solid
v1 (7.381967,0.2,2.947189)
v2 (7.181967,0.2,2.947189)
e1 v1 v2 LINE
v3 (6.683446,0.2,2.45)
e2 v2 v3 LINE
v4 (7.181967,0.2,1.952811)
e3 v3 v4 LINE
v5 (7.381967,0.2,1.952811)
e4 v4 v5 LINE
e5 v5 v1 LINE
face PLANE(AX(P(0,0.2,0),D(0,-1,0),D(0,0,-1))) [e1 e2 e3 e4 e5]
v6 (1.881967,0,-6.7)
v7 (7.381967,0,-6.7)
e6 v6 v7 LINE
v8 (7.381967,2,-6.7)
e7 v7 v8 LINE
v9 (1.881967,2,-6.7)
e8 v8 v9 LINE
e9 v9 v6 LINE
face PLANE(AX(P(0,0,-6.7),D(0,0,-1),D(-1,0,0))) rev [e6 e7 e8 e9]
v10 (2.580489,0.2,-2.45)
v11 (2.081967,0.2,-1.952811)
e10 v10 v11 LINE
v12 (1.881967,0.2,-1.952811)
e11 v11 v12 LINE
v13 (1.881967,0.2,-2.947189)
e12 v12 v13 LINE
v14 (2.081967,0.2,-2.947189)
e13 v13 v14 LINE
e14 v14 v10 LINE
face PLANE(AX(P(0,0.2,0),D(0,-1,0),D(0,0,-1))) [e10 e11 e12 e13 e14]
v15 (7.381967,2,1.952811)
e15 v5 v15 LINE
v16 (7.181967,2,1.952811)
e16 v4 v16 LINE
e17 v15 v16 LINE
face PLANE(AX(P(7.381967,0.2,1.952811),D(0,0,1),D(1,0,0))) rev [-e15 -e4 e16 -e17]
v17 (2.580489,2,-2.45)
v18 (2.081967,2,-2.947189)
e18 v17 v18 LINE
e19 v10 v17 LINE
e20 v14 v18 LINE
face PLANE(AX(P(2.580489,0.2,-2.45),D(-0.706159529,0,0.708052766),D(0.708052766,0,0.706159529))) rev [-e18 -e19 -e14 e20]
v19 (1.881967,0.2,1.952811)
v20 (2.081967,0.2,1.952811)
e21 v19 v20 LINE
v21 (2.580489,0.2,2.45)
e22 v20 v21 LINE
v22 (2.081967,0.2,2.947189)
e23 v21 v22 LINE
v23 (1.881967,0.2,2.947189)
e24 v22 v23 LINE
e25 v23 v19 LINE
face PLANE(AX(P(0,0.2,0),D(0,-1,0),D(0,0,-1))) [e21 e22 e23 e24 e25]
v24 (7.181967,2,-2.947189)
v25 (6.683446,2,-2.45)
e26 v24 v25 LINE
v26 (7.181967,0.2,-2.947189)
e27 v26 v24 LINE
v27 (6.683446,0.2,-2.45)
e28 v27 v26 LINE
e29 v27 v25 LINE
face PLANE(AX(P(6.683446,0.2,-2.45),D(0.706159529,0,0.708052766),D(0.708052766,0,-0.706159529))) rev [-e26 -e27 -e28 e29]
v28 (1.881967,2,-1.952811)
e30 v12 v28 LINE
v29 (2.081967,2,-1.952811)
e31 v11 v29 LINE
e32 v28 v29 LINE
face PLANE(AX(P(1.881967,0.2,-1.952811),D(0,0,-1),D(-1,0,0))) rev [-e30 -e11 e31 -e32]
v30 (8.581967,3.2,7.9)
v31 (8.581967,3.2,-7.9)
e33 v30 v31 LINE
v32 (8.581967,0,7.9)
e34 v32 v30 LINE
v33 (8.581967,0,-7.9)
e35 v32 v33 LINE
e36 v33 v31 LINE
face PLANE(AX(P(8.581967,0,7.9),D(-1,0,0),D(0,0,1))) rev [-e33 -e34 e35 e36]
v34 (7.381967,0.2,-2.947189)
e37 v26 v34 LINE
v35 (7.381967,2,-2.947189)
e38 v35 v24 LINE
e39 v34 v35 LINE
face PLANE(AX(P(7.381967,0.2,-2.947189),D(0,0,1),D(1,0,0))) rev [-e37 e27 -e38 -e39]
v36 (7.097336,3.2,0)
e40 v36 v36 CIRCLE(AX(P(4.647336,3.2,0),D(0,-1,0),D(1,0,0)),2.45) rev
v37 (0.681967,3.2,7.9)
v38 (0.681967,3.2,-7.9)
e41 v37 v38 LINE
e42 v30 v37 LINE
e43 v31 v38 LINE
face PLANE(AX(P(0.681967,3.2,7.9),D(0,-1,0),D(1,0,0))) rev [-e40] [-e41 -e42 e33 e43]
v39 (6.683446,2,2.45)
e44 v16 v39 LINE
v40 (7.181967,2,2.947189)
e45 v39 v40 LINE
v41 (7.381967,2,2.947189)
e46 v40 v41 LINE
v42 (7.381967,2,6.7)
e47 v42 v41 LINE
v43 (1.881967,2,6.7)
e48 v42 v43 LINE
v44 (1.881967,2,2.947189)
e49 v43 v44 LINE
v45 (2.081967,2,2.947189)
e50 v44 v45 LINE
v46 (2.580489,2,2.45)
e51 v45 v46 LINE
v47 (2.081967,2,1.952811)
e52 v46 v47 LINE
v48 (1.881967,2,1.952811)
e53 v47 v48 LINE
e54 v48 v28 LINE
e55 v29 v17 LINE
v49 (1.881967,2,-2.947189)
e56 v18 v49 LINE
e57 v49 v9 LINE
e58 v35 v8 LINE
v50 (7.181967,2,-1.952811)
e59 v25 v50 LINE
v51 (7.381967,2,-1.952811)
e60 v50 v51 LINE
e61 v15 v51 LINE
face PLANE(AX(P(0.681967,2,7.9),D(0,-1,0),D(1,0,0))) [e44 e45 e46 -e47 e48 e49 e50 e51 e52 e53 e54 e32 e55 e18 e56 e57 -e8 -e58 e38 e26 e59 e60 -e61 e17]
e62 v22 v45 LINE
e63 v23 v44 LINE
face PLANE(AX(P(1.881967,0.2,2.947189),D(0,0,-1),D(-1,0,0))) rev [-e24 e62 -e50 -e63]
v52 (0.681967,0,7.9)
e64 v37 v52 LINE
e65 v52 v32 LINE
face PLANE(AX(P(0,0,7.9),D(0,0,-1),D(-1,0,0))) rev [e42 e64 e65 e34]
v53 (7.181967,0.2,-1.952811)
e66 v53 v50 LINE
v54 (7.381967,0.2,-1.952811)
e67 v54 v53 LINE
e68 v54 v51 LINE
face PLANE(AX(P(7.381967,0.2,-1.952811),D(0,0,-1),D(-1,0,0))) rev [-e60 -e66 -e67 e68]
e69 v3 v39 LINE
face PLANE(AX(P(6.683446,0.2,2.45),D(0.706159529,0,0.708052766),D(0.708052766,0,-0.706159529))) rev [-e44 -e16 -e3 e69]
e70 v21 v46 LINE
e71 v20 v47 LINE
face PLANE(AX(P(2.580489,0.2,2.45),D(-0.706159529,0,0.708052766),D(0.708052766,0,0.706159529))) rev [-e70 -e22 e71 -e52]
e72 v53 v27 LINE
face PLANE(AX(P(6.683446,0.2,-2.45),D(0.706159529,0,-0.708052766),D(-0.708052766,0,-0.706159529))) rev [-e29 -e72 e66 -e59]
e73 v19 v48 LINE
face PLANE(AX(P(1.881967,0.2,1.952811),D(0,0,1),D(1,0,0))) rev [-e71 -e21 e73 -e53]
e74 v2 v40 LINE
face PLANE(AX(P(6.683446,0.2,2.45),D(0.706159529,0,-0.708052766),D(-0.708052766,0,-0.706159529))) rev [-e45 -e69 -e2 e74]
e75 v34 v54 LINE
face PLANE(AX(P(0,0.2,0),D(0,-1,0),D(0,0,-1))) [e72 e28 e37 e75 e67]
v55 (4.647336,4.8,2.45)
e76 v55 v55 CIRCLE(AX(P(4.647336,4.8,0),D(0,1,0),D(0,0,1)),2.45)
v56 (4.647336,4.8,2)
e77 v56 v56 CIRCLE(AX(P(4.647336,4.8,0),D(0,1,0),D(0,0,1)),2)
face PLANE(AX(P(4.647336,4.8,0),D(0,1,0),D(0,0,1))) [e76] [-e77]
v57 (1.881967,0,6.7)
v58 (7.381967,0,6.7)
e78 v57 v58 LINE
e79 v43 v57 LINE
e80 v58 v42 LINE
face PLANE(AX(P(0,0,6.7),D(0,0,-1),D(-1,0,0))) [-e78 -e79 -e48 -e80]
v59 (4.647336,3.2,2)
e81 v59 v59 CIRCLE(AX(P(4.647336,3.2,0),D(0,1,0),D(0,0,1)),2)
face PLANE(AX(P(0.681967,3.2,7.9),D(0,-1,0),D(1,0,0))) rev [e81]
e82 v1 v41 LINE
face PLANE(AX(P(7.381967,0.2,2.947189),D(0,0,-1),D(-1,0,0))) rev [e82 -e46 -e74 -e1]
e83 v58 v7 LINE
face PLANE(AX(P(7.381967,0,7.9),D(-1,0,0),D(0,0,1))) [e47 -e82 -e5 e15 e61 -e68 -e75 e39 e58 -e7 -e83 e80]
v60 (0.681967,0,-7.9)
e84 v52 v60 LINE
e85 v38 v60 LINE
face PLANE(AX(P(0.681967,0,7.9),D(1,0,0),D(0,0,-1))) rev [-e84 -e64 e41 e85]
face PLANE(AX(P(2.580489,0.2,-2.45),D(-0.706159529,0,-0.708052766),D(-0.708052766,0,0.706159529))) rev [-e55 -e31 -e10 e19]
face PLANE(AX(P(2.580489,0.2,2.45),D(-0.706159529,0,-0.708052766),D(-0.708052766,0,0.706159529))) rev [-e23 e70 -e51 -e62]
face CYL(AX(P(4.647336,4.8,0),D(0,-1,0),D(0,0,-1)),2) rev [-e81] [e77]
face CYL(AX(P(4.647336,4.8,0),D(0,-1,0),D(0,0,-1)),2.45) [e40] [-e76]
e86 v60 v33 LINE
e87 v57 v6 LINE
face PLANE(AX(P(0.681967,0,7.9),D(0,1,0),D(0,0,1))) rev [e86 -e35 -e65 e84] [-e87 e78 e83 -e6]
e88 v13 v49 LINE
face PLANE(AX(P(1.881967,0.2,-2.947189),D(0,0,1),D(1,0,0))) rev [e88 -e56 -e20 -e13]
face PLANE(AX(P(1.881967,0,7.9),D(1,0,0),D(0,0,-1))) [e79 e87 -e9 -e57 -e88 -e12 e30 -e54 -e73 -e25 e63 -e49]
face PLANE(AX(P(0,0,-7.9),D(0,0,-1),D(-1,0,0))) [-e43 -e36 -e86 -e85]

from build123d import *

# Parameters (mm, degrees)
MAINBASESKETCH_W                 = 7.9
MAINBASESKETCH_H                 = 3.2
MAINBASEEXTRUDE_DEPTH            = 7.9
MAINBASESHELL_T                  = -1.2
SLIMYELLOWUNDEREXT_START         = -0.2
SLIMYELLOWUNDEREXT_DEPTH         = 2
SLIMYELLLOWUPPERCIRCLESKETCH_R   = 2.45
SLIMYELLLOWUPPERCIRCLESKETCH_R_2 = 2
SLIMYELLOWUPPERCIRCLE_DEPTH      = 1.6


with BuildPart() as part:
    # MainBaseSketch → MainBaseExtrude (new, symmetric)
    with BuildSketch(Plane.XY):
        with Locations((4.631967213, 1.6)):
            Rectangle(MAINBASESKETCH_W, MAINBASESKETCH_H)
    extrude(amount=MAINBASEEXTRUDE_DEPTH, both=True)

    # MainBaseShell
    mainbaseshell_openings = [part.faces().sort_by_distance(p)[0] for p in [
        (4.631967213, 0, 0),
    ]]
    offset(amount=MAINBASESHELL_T, openings=mainbaseshell_openings, kind=Kind.INTERSECTION)

    # SlimYellowUnderExtSketch → SlimYellowUnderExt (add)
    with BuildSketch(Plane.XZ.offset(-2).offset(SLIMYELLOWUNDEREXT_START)):
        Polygon((6.683445552, 2.45), (7.181967213, 2.947188682), (7.381967213, 2.947188682), (7.381967213, 1.952811318), (7.181967213, 1.952811318), align=None)
        Polygon((1.881967213, 1.952811318), (1.881967213, 2.947188682), (2.081967213, 2.947188682), (2.580488874, 2.45), (2.081967213, 1.952811318), align=None)
        Polygon((2.580488874, -2.45), (2.081967213, -2.947188682), (1.881967213, -2.947188682), (1.881967213, -1.952811318), (2.081967213, -1.952811318), align=None)
        Polygon((6.683445552, -2.45), (7.181967213, -1.952811318), (7.381967213, -1.952811318), (7.381967213, -2.947188682), (7.181967213, -2.947188682), align=None)
    extrude(amount=SLIMYELLOWUNDEREXT_DEPTH)

    # SlimYelllowUpperCircleSketch → SlimYellowUpperCircle (add)
    with BuildSketch(Plane(origin=(0, 3.2, 0), x_dir=(1, 0, 0), z_dir=(0, 1, 0))):
        with Locations((4.647335619, 0)):
            Circle(SLIMYELLLOWUPPERCIRCLESKETCH_R)
        with Locations(Location((4.647335619, 0, 0), (0, 0, 270))):
            Circle(SLIMYELLLOWUPPERCIRCLESKETCH_R_2, mode=Mode.SUBTRACT)
    extrude(amount=SLIMYELLOWUPPERCIRCLE_DEPTH)


solid = part.part
